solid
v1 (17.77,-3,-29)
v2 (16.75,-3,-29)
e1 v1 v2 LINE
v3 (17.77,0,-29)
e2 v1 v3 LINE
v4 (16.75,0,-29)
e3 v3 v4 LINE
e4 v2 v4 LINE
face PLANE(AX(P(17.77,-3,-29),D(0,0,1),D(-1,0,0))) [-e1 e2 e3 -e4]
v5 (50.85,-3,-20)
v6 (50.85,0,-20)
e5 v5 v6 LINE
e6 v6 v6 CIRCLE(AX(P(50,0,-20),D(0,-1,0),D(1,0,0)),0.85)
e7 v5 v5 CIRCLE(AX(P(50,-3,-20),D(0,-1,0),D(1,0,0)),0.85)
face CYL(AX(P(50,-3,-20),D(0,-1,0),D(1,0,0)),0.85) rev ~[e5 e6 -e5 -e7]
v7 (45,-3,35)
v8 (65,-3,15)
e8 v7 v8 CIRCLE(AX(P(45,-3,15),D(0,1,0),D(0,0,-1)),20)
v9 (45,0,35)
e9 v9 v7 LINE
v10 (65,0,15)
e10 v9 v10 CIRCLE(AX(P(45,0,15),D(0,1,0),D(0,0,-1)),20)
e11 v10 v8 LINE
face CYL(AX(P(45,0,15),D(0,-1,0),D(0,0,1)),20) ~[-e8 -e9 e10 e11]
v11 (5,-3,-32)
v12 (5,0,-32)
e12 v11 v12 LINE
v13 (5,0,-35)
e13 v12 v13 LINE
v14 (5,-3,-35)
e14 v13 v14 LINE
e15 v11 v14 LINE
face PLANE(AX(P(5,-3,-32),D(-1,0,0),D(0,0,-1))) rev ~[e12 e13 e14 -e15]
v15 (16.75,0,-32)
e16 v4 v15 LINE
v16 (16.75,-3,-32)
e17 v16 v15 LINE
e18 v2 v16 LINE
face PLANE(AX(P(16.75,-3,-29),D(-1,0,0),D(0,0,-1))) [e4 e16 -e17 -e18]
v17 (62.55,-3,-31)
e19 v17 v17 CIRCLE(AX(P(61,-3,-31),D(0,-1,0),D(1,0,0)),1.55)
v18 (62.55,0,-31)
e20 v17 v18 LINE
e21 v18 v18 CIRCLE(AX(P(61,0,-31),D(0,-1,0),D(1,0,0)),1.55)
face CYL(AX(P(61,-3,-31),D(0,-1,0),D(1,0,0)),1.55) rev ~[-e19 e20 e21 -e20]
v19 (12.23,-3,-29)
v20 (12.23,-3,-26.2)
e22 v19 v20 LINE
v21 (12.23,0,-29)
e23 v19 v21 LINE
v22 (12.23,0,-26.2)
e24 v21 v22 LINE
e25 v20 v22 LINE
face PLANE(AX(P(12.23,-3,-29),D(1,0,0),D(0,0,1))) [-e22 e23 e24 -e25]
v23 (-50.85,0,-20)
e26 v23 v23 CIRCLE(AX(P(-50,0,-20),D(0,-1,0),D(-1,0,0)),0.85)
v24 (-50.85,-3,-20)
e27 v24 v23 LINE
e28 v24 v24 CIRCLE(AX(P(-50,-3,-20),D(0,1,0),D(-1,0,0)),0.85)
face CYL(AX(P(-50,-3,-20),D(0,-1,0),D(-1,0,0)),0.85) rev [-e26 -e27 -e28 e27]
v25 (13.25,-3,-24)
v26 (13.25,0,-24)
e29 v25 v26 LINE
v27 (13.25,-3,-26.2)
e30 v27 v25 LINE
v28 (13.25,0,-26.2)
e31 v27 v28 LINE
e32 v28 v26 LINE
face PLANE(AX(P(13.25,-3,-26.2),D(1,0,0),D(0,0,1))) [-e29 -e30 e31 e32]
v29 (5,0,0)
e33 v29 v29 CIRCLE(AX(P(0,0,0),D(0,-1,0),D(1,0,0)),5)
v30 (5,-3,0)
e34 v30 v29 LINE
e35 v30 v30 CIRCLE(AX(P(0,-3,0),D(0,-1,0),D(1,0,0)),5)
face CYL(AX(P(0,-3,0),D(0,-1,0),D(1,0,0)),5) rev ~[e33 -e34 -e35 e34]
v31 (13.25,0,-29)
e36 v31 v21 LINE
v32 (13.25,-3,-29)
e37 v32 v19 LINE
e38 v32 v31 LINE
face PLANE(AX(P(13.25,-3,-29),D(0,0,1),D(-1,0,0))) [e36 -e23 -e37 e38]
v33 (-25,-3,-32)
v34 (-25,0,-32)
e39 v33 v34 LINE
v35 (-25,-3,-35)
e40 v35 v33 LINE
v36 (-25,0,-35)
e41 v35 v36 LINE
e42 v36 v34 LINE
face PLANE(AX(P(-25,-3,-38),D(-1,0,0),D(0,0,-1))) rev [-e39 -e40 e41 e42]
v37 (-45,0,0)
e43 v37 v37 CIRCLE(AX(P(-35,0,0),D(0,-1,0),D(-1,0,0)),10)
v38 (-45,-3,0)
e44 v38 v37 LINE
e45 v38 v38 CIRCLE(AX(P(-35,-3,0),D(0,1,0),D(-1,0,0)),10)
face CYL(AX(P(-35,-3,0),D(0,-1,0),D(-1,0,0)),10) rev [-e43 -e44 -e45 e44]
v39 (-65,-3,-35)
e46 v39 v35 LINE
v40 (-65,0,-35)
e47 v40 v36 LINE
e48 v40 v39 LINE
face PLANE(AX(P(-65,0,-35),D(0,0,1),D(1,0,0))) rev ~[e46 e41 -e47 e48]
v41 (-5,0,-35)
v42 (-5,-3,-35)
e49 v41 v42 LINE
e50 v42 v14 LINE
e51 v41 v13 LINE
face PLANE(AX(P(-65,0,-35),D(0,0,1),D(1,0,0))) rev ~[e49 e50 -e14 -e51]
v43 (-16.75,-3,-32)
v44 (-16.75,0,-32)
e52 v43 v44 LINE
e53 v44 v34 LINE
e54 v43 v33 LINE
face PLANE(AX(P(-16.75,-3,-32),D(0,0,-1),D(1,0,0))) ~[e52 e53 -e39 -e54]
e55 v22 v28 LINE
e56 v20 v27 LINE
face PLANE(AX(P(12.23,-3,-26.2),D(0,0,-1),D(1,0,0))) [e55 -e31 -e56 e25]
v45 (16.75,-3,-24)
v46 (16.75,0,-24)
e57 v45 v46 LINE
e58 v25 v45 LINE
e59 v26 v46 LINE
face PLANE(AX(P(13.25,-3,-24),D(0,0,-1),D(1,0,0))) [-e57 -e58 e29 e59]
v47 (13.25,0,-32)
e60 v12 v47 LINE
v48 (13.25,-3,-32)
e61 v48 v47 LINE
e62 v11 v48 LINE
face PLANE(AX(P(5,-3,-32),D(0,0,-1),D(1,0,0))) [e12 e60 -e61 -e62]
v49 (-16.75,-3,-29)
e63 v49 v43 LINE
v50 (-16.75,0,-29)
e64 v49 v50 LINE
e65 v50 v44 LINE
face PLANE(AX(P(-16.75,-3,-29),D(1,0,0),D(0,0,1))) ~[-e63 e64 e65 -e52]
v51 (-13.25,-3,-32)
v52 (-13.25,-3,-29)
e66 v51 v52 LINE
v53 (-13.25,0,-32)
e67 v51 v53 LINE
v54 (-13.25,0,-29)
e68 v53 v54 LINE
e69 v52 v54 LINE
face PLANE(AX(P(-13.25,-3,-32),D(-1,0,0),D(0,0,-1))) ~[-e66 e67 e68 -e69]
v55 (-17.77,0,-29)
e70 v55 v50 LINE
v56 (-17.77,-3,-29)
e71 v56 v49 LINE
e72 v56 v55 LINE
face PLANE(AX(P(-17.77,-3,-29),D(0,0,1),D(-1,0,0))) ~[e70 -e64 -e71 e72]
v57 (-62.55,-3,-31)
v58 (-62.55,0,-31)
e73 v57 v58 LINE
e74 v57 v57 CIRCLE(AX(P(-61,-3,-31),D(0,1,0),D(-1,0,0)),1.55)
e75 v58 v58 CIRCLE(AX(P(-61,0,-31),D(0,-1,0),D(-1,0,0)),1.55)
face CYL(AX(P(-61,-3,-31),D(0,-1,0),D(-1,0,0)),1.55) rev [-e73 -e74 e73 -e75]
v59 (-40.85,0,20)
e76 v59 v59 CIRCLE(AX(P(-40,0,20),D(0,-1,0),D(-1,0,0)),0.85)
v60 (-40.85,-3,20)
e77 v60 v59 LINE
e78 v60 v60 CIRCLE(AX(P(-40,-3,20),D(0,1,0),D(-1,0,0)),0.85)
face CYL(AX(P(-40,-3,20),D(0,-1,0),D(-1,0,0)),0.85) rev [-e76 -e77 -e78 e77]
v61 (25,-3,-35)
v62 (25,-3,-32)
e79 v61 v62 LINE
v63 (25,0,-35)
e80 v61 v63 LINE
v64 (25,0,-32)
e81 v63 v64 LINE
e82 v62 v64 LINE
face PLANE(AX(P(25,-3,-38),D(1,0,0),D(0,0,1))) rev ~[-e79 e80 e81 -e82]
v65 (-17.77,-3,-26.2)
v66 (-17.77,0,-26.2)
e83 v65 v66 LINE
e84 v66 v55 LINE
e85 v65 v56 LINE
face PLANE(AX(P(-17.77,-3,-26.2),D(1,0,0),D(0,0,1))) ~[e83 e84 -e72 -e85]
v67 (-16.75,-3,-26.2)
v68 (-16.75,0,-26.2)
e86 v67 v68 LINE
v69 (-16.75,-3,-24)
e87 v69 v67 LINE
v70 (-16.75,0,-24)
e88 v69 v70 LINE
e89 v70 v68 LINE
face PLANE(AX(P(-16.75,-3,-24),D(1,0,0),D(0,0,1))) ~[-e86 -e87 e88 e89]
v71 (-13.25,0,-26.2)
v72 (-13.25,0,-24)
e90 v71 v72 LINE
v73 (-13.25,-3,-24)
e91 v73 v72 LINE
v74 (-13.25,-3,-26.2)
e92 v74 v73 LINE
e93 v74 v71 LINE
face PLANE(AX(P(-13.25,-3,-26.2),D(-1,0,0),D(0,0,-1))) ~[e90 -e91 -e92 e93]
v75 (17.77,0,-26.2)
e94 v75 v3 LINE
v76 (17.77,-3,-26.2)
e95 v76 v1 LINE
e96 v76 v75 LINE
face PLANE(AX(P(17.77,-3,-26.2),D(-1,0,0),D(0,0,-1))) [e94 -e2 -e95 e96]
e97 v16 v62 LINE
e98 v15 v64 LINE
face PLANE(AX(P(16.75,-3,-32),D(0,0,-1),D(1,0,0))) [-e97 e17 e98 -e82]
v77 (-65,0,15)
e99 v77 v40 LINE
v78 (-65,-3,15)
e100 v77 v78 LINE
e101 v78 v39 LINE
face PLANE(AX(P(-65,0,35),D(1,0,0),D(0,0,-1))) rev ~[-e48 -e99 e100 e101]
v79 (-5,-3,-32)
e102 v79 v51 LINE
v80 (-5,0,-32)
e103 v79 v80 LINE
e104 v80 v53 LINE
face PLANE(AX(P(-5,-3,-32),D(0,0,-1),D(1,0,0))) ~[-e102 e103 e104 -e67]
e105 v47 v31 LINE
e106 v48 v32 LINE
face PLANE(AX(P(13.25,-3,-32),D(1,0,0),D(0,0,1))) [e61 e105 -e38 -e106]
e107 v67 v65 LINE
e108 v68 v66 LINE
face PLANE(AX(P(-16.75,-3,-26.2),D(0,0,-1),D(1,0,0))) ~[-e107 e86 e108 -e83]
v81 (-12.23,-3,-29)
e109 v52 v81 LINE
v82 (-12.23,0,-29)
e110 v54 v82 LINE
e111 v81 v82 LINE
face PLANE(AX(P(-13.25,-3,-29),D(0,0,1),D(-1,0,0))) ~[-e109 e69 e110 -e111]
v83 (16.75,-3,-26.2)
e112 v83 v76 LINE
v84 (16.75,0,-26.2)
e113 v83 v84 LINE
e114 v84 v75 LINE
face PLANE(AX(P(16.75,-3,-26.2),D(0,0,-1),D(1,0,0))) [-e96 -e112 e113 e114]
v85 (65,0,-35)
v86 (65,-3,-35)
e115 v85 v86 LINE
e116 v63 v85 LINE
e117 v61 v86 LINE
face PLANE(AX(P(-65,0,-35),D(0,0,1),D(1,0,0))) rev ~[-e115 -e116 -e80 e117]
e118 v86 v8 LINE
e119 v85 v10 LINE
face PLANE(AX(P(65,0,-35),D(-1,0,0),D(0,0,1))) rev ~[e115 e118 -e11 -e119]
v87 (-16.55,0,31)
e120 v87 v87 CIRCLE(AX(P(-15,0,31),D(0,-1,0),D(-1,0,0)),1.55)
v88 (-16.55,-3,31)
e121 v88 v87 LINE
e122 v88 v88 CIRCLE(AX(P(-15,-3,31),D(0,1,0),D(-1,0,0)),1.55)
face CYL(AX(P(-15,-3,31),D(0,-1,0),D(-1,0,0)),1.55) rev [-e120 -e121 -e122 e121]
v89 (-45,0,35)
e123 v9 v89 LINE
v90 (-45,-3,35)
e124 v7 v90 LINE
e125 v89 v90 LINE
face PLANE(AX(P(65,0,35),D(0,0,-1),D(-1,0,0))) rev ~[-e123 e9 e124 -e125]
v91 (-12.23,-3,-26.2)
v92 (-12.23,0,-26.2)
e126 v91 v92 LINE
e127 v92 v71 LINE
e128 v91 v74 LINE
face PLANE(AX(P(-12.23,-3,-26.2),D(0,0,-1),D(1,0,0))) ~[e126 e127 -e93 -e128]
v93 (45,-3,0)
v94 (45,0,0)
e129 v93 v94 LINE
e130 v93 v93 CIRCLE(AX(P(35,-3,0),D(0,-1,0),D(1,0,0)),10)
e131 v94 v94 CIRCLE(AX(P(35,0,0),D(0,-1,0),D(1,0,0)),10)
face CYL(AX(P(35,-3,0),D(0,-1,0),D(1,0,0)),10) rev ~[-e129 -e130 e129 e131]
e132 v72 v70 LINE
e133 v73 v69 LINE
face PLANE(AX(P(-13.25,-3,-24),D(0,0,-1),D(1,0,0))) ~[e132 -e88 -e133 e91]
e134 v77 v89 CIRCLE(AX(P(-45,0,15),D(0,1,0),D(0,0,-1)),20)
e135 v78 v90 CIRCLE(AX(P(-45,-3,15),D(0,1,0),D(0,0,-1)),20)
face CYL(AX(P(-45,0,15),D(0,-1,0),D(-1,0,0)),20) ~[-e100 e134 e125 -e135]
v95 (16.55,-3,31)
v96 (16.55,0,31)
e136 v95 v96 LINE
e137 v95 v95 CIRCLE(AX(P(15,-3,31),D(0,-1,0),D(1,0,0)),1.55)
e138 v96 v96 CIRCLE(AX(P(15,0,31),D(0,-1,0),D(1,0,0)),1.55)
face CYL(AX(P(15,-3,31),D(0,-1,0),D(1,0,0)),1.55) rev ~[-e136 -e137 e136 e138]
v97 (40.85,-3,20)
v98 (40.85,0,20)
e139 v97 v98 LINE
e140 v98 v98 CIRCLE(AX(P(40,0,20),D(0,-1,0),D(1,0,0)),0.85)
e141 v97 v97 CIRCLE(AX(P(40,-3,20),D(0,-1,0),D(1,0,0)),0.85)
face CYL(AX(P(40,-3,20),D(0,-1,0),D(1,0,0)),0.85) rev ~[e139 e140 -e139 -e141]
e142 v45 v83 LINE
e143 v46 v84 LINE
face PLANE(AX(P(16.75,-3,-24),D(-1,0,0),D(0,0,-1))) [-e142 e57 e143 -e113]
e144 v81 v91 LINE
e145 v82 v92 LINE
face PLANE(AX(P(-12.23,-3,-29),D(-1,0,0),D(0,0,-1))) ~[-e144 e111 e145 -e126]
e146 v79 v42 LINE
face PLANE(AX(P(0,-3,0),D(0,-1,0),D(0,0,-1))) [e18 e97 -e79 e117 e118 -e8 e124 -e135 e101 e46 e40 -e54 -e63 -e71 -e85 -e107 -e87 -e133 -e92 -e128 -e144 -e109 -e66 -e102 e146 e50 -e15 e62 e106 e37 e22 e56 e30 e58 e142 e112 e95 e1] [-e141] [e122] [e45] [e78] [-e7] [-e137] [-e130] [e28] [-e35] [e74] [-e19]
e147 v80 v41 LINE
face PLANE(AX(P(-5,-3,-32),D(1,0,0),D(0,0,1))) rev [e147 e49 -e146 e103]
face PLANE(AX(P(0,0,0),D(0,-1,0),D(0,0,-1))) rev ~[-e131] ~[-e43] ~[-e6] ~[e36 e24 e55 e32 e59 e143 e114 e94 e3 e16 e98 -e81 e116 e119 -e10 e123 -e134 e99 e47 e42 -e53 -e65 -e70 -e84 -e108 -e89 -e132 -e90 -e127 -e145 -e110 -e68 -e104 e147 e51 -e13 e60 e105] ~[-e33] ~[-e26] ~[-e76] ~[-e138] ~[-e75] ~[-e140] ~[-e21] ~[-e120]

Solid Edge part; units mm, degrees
sketch "Sketch1" plane through (0, 0, 0) normal (0, -1, 0) x (1, 0, 0)
  line L0 (-65, -35) -> (65, -35)
  line L1 (65, -35) -> (65, 35)
  line L2 (65, 35) -> (-65, 35)
  line L3 (-65, 35) -> (-65, -35)
  dimension "D1" = 130
  dimension "D2" = 70
extrude "Ajout_matière_1" add sketch "Sketch1" along normal blind 3
sketch "Sketch2" plane through (0, -3, 0) normal (0, -1, 0) x (1, 0, 0)
  circle A0 centre (35, 0) radius 10
  dimension "D1" = 20
  dimension "D2" = 35
extrude "Enlèvement_matière_1" cut sketch "Sketch2" against normal blind 203.2796
sketch "Sketch3" plane through (0, -3, 0) normal (0, -1, 0) x (1, 0, 0)
  circle A0 centre (40, 20) radius 0.85
  circle A1 centre (15, 31) radius 1.55
  circle A2 centre (50, -20) radius 0.85
  circle A3 centre (61, -31) radius 1.55
  dimension "D1" = 25
  dimension "D2" = 20
  dimension "D3" = 1.7
  dimension "D4" = 20
  dimension "D5" = 15
  dimension "D6" = 1.7
  dimension "D7" = 3.1
  dimension "D8" = 15
  dimension "D9" = 4
  dimension "D10" = 3.1
  dimension "D11" = 4
  dimension "D12" = 4
extrude "Enlèvement_matière_2" cut sketch "Sketch3" against normal blind 33.5111
sketch "Sketch4" plane through (0, -3, 0) normal (0, -1, 0) x (1, 0, 0)
  line L0 (5, -32) -> (5, -38)
  line L1 (5, -38) -> (25, -38)
  line L2 (25, -38) -> (25, -32)
  line L3 (16.75, -32) -> (25, -32)
  line L4 (16.75, -29) -> (16.75, -32)
  line L5 (17.77, -29) -> (16.75, -29)
  line L6 (17.77, -26.2) -> (17.77, -29)
  line L7 (16.75, -26.2) -> (17.77, -26.2)
  line L8 (16.75, -24) -> (16.75, -26.2)
  line L9 (13.25, -24) -> (16.75, -24)
  line L10 (13.25, -26.2) -> (13.25, -24)
  line L11 (12.23, -26.2) -> (13.25, -26.2)
  line L12 (12.23, -29) -> (12.23, -26.2)
  line L13 (13.25, -29) -> (12.23, -29)
  line L14 (13.25, -32) -> (13.25, -29)
  line L15 (5, -32) -> (13.25, -32)
  dimension "D1" = 5
  dimension "D2" = 6
  dimension "D3" = 8
  dimension "D4" = 8.25
  dimension "D5" = 20
  dimension "D6" = 3
  dimension "D7" = 2.8
  dimension "D8" = 5.54
  dimension "D9" = 1.02
  dimension "D10" = 3.5
  dimension "D11" = 11
extrude "Cutout1" cut sketch "Sketch4" against normal blind 7.0408
mirror "Mirror1" about plane through (0, 0, 0) normal (1, 0, 0) of "Enlèvement_matière_2", "Enlèvement_matière_1", "Cutout1"
fillet "Round1" radius 20 2 edges at (-65, -1.5, 35) (65, -1.5, 35)
sketch "Sketch5" plane through (0, -3, 0) normal (0, -1, 0) x (1, 0, 0)
  circle A0 centre (0, 0) radius 5
  dimension "D1" = 10
extrude "Enlèvement_matière_5" cut sketch "Sketch5" against normal blind 16.0842
properties part number "06" material "MDF 3mm"
